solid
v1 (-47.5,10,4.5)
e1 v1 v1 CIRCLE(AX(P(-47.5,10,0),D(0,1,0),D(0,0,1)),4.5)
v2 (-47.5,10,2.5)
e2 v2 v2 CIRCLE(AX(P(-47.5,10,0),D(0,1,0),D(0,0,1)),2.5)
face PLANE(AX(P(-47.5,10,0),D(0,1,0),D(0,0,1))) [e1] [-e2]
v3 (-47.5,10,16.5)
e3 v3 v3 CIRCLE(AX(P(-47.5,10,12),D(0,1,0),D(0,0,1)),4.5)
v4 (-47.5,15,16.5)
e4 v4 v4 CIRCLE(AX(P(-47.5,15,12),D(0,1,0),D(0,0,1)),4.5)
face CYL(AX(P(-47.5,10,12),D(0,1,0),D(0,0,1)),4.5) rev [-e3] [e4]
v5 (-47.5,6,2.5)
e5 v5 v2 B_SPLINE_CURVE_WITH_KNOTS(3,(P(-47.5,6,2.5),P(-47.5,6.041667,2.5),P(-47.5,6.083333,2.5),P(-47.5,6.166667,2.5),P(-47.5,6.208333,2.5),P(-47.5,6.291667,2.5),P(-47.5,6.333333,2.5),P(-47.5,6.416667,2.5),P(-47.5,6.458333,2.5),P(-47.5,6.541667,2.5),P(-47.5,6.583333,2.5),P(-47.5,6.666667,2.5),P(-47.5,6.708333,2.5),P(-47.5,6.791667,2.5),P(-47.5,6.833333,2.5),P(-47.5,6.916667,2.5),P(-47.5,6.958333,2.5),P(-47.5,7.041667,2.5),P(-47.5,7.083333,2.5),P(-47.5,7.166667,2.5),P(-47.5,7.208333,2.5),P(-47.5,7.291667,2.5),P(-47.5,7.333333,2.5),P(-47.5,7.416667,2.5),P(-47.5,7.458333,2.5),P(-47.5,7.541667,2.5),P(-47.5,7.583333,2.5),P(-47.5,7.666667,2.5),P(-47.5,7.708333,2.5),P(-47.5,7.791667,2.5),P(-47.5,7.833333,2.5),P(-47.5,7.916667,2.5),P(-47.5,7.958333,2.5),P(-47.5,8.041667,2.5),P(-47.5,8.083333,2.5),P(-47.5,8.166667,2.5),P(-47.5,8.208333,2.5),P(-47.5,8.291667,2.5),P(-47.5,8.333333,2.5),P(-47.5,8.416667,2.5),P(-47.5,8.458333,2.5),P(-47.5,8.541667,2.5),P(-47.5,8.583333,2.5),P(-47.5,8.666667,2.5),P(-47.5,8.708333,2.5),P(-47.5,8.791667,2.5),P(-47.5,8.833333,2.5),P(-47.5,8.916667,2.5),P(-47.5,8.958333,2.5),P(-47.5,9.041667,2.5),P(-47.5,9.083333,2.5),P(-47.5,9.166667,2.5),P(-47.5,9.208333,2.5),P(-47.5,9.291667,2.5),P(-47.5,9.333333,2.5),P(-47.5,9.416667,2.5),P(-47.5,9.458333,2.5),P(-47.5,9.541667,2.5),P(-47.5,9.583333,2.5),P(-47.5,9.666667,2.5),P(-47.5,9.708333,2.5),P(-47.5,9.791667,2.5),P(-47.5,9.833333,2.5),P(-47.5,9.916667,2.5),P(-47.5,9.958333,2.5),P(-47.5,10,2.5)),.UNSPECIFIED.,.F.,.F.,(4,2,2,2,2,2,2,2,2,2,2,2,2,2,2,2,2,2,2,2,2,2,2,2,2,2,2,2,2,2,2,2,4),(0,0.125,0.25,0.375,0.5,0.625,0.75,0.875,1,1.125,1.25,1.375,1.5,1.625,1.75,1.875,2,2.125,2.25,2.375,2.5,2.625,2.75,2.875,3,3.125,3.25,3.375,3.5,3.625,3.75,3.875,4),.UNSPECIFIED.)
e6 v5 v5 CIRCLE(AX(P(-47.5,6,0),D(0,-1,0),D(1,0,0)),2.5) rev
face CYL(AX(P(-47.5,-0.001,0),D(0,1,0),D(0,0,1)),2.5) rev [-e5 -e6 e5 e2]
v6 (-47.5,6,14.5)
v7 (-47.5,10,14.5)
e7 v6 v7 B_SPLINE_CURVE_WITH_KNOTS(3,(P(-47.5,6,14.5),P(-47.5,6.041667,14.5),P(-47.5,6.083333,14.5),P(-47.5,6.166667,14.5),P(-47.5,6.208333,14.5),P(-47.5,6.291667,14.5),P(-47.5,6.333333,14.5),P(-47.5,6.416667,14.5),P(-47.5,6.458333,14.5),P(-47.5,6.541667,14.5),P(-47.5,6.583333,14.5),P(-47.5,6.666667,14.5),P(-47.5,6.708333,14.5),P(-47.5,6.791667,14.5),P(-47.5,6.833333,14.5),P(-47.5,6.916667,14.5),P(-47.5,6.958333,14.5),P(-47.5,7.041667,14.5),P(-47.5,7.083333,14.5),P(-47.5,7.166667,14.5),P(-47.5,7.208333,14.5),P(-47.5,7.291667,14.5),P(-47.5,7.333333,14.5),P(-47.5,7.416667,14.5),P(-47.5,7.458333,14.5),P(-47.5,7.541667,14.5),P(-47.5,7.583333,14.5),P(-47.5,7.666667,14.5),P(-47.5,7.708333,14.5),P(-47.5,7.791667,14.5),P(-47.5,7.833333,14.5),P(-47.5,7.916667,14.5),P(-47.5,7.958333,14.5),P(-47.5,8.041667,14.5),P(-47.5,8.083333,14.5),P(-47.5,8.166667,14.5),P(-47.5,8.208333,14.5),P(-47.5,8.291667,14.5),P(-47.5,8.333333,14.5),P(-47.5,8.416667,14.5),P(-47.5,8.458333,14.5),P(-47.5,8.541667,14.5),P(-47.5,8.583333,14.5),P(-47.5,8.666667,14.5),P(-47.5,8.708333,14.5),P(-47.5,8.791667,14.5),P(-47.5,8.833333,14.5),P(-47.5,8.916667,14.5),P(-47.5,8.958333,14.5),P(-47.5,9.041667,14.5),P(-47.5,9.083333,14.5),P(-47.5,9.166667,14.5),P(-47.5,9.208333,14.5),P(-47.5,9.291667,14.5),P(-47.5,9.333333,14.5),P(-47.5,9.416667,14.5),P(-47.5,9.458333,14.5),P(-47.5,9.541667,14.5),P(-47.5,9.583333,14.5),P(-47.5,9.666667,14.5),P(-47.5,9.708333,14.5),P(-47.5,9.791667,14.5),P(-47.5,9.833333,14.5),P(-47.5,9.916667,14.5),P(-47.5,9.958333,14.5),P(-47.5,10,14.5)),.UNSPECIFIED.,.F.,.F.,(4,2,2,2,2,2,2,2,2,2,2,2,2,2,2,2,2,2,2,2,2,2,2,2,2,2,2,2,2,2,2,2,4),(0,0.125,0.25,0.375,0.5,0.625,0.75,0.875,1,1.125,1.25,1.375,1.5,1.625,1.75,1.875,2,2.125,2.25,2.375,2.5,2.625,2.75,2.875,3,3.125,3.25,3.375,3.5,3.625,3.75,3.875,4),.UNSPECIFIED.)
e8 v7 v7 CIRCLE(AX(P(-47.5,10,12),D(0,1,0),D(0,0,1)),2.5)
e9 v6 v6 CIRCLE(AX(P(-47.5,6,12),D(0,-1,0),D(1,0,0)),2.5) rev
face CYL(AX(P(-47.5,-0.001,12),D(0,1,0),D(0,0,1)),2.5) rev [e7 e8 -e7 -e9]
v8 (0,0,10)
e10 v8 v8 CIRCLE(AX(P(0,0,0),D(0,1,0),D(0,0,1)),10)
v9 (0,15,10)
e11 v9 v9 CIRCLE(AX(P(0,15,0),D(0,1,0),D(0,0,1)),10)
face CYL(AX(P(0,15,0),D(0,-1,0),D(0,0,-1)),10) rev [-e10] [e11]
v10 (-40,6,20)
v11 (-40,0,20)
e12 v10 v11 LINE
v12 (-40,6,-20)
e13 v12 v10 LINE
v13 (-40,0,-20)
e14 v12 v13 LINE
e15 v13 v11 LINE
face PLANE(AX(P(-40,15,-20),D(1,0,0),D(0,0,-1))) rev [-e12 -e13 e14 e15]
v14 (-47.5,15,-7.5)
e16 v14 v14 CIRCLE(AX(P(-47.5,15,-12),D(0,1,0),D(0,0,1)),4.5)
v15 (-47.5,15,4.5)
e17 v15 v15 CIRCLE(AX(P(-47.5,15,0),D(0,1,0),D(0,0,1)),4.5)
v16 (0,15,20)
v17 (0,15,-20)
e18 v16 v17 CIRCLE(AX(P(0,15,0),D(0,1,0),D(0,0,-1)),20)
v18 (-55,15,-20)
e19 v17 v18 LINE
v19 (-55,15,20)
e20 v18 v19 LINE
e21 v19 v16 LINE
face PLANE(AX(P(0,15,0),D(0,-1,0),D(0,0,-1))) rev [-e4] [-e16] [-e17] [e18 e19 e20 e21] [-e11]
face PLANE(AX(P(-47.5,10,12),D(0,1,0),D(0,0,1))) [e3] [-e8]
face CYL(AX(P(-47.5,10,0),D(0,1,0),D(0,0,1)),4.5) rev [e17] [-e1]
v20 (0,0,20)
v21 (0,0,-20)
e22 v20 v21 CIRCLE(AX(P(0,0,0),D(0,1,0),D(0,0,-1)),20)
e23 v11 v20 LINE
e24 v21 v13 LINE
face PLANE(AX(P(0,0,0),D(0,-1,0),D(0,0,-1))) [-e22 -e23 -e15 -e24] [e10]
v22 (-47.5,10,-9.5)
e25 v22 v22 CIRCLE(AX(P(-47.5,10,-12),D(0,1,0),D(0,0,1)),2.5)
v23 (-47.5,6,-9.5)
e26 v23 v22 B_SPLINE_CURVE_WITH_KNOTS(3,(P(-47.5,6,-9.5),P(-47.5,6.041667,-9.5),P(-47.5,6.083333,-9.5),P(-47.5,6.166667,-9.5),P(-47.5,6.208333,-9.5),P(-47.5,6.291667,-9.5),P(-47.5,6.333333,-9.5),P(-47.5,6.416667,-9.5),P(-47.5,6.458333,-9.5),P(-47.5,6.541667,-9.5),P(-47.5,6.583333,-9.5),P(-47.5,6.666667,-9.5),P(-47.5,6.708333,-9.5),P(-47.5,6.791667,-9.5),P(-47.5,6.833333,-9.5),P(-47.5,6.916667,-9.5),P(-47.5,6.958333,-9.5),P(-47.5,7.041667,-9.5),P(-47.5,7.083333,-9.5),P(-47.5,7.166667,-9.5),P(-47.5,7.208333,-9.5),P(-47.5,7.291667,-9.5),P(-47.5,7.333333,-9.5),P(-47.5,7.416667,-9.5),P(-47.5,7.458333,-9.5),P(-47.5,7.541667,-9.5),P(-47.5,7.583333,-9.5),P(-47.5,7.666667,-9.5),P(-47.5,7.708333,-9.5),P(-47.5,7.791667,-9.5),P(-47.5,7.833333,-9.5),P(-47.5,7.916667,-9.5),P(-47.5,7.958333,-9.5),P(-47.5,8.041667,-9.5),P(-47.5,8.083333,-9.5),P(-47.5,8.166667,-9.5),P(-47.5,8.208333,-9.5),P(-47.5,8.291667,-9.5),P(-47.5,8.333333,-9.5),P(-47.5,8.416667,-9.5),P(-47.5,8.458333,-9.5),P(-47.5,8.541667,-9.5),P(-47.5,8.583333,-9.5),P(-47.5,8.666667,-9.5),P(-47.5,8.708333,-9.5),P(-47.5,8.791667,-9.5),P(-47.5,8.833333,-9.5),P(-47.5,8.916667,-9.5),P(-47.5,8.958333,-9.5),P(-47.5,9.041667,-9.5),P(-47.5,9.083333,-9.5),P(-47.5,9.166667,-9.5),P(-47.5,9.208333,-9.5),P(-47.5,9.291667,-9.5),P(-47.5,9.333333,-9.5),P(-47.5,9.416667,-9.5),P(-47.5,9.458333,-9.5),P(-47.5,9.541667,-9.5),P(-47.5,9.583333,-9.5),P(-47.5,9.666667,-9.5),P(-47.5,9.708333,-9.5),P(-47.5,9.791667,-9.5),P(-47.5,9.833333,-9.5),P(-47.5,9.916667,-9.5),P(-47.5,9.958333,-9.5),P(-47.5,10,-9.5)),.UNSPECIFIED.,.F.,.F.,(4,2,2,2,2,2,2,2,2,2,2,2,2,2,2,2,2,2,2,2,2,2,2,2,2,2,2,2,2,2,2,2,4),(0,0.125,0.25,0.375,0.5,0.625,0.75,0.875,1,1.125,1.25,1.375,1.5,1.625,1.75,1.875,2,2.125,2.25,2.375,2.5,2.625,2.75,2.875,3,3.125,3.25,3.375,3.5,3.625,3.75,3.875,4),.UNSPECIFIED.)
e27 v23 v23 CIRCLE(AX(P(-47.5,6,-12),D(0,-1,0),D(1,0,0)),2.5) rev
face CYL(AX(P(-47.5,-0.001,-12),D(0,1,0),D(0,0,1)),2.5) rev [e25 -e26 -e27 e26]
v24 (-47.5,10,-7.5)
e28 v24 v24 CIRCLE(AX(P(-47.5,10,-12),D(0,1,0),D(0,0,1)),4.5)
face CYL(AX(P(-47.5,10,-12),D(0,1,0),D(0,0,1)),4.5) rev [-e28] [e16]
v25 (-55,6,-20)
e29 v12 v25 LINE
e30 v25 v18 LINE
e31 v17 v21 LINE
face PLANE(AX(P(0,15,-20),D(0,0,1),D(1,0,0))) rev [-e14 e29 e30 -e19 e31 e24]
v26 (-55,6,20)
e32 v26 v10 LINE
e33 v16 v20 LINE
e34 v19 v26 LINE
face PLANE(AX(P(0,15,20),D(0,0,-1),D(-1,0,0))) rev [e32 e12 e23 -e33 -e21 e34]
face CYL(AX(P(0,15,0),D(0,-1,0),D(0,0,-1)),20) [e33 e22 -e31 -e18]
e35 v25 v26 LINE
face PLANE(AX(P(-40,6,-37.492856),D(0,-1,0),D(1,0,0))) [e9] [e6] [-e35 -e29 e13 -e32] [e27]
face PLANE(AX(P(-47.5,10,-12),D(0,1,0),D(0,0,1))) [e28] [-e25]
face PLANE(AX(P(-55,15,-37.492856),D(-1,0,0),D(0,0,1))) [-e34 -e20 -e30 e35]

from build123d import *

# Parameters (mm, degrees)
SKETCH_1_R          = 10
EXTRUDE_1_DEPTH     = 15
SKETCH_2_W          = 15
SKETCH_2_H          = 9
EXTRUDE_2_DEPTH     = 40
CUT_EXTRUDE_1_REACH = 62.415
SKETCH_3_R          = 2.5
SKETCH_3_3_R        = 4.5
SKETCH_3_3_R_2      = 2.5
CUT_EXTRUDE_2_DEPTH = 5


with BuildPart() as part:
    # 草图1 → 凸台-拉伸1 (new body)
    with BuildSketch(Plane(origin=(0, 0, 0), x_dir=(1, 0, 0), z_dir=(0, 1, 0))):
        with BuildLine():
            Line((0, 20), (-40, 20))
            Line((-40, 20), (-40, -20))
            Line((-40, -20), (0, -20))
            ThreePointArc((0, -20), (20, 0), (0, 20))
        make_face()
        with Locations(Location((0, 0, 0), (0, 0, 270))):
            Circle(SKETCH_1_R, mode=Mode.SUBTRACT)
    extrude(amount=EXTRUDE_1_DEPTH)

    # 草图2 → 凸台-拉伸2 (add)
    with BuildSketch(Plane.XY.offset(20)):
        with Locations((-47.5, 10.5)):
            Rectangle(SKETCH_2_W, SKETCH_2_H)
    extrude(amount=-EXTRUDE_2_DEPTH)

    # 草图3 → 切除-拉伸1 (cut, up to next)
    with BuildSketch(Plane(origin=(0, 15, 0), x_dir=(1, 0, 0), z_dir=(0, 1, 0)), mode=Mode.PRIVATE) as cut_extrude_1_sk1:
        with Locations(Location((-47.5, 12, 0), (0, 0, 270))):
            Circle(SKETCH_3_R)
    cut_extrude_1_tool1 = extrude(cut_extrude_1_sk1.sketch, amount=-CUT_EXTRUDE_1_REACH, mode=Mode.PRIVATE) & part.part
    # 草图3 → 切除-拉伸1 (cut, up to next)
    with BuildSketch(Plane(origin=(0, 15, 0), x_dir=(1, 0, 0), z_dir=(0, 1, 0)), mode=Mode.PRIVATE) as cut_extrude_1_sk2:
        with Locations(Location((-47.5, 0, 0), (0, 0, 270))):
            Circle(SKETCH_3_R)
    cut_extrude_1_tool2 = extrude(cut_extrude_1_sk2.sketch, amount=-CUT_EXTRUDE_1_REACH, mode=Mode.PRIVATE) & part.part
    # 草图3 → 切除-拉伸1 (cut, up to next)
    with BuildSketch(Plane(origin=(0, 15, 0), x_dir=(1, 0, 0), z_dir=(0, 1, 0)), mode=Mode.PRIVATE) as cut_extrude_1_sk3:
        with Locations(Location((-47.5, -12, 0), (0, 0, 270))):
            Circle(SKETCH_3_R)
    cut_extrude_1_tool3 = extrude(cut_extrude_1_sk3.sketch, amount=-CUT_EXTRUDE_1_REACH, mode=Mode.PRIVATE) & part.part
    add(cut_extrude_1_tool1.solids().sort_by_distance((-47.5, 15, -12))[0], mode=Mode.SUBTRACT)
    add(cut_extrude_1_tool2.solids().sort_by_distance((-47.5, 15, 0))[0], mode=Mode.SUBTRACT)
    add(cut_extrude_1_tool3.solids().sort_by_distance((-47.5, 15, 12))[0], mode=Mode.SUBTRACT)

    # 草图3<3> → 切除-拉伸2 (cut)
    # profile 1 of 3: a face of its own
    with BuildSketch(Plane(origin=(0, 15, 0), x_dir=(1, 0, 0), z_dir=(0, 1, 0))):
        with Locations(Location((-47.5, 12, 0), (0, 0, 270))):
            Circle(SKETCH_3_3_R)
        with Locations(Location((-47.5, 12, 0), (0, 0, 270))):
            Circle(SKETCH_3_3_R_2, mode=Mode.SUBTRACT)
    # profile 2 of 3: a face of its own
    with BuildSketch(Plane(origin=(0, 15, 0), x_dir=(1, 0, 0), z_dir=(0, 1, 0))):
        with Locations(Location((-47.5, 0, 0), (0, 0, 270))):
            Circle(SKETCH_3_3_R)
        with Locations(Location((-47.5, 0, 0), (0, 0, 270))):
            Circle(SKETCH_3_3_R_2, mode=Mode.SUBTRACT)
    # profile 3 of 3: a face of its own
    with BuildSketch(Plane(origin=(0, 15, 0), x_dir=(1, 0, 0), z_dir=(0, 1, 0))):
        with Locations(Location((-47.5, -12, 0), (0, 0, 270))):
            Circle(SKETCH_3_3_R)
        with Locations(Location((-47.5, -12, 0), (0, 0, 270))):
            Circle(SKETCH_3_3_R_2, mode=Mode.SUBTRACT)
    extrude(amount=-CUT_EXTRUDE_2_DEPTH, mode=Mode.SUBTRACT)


solid = part.part
